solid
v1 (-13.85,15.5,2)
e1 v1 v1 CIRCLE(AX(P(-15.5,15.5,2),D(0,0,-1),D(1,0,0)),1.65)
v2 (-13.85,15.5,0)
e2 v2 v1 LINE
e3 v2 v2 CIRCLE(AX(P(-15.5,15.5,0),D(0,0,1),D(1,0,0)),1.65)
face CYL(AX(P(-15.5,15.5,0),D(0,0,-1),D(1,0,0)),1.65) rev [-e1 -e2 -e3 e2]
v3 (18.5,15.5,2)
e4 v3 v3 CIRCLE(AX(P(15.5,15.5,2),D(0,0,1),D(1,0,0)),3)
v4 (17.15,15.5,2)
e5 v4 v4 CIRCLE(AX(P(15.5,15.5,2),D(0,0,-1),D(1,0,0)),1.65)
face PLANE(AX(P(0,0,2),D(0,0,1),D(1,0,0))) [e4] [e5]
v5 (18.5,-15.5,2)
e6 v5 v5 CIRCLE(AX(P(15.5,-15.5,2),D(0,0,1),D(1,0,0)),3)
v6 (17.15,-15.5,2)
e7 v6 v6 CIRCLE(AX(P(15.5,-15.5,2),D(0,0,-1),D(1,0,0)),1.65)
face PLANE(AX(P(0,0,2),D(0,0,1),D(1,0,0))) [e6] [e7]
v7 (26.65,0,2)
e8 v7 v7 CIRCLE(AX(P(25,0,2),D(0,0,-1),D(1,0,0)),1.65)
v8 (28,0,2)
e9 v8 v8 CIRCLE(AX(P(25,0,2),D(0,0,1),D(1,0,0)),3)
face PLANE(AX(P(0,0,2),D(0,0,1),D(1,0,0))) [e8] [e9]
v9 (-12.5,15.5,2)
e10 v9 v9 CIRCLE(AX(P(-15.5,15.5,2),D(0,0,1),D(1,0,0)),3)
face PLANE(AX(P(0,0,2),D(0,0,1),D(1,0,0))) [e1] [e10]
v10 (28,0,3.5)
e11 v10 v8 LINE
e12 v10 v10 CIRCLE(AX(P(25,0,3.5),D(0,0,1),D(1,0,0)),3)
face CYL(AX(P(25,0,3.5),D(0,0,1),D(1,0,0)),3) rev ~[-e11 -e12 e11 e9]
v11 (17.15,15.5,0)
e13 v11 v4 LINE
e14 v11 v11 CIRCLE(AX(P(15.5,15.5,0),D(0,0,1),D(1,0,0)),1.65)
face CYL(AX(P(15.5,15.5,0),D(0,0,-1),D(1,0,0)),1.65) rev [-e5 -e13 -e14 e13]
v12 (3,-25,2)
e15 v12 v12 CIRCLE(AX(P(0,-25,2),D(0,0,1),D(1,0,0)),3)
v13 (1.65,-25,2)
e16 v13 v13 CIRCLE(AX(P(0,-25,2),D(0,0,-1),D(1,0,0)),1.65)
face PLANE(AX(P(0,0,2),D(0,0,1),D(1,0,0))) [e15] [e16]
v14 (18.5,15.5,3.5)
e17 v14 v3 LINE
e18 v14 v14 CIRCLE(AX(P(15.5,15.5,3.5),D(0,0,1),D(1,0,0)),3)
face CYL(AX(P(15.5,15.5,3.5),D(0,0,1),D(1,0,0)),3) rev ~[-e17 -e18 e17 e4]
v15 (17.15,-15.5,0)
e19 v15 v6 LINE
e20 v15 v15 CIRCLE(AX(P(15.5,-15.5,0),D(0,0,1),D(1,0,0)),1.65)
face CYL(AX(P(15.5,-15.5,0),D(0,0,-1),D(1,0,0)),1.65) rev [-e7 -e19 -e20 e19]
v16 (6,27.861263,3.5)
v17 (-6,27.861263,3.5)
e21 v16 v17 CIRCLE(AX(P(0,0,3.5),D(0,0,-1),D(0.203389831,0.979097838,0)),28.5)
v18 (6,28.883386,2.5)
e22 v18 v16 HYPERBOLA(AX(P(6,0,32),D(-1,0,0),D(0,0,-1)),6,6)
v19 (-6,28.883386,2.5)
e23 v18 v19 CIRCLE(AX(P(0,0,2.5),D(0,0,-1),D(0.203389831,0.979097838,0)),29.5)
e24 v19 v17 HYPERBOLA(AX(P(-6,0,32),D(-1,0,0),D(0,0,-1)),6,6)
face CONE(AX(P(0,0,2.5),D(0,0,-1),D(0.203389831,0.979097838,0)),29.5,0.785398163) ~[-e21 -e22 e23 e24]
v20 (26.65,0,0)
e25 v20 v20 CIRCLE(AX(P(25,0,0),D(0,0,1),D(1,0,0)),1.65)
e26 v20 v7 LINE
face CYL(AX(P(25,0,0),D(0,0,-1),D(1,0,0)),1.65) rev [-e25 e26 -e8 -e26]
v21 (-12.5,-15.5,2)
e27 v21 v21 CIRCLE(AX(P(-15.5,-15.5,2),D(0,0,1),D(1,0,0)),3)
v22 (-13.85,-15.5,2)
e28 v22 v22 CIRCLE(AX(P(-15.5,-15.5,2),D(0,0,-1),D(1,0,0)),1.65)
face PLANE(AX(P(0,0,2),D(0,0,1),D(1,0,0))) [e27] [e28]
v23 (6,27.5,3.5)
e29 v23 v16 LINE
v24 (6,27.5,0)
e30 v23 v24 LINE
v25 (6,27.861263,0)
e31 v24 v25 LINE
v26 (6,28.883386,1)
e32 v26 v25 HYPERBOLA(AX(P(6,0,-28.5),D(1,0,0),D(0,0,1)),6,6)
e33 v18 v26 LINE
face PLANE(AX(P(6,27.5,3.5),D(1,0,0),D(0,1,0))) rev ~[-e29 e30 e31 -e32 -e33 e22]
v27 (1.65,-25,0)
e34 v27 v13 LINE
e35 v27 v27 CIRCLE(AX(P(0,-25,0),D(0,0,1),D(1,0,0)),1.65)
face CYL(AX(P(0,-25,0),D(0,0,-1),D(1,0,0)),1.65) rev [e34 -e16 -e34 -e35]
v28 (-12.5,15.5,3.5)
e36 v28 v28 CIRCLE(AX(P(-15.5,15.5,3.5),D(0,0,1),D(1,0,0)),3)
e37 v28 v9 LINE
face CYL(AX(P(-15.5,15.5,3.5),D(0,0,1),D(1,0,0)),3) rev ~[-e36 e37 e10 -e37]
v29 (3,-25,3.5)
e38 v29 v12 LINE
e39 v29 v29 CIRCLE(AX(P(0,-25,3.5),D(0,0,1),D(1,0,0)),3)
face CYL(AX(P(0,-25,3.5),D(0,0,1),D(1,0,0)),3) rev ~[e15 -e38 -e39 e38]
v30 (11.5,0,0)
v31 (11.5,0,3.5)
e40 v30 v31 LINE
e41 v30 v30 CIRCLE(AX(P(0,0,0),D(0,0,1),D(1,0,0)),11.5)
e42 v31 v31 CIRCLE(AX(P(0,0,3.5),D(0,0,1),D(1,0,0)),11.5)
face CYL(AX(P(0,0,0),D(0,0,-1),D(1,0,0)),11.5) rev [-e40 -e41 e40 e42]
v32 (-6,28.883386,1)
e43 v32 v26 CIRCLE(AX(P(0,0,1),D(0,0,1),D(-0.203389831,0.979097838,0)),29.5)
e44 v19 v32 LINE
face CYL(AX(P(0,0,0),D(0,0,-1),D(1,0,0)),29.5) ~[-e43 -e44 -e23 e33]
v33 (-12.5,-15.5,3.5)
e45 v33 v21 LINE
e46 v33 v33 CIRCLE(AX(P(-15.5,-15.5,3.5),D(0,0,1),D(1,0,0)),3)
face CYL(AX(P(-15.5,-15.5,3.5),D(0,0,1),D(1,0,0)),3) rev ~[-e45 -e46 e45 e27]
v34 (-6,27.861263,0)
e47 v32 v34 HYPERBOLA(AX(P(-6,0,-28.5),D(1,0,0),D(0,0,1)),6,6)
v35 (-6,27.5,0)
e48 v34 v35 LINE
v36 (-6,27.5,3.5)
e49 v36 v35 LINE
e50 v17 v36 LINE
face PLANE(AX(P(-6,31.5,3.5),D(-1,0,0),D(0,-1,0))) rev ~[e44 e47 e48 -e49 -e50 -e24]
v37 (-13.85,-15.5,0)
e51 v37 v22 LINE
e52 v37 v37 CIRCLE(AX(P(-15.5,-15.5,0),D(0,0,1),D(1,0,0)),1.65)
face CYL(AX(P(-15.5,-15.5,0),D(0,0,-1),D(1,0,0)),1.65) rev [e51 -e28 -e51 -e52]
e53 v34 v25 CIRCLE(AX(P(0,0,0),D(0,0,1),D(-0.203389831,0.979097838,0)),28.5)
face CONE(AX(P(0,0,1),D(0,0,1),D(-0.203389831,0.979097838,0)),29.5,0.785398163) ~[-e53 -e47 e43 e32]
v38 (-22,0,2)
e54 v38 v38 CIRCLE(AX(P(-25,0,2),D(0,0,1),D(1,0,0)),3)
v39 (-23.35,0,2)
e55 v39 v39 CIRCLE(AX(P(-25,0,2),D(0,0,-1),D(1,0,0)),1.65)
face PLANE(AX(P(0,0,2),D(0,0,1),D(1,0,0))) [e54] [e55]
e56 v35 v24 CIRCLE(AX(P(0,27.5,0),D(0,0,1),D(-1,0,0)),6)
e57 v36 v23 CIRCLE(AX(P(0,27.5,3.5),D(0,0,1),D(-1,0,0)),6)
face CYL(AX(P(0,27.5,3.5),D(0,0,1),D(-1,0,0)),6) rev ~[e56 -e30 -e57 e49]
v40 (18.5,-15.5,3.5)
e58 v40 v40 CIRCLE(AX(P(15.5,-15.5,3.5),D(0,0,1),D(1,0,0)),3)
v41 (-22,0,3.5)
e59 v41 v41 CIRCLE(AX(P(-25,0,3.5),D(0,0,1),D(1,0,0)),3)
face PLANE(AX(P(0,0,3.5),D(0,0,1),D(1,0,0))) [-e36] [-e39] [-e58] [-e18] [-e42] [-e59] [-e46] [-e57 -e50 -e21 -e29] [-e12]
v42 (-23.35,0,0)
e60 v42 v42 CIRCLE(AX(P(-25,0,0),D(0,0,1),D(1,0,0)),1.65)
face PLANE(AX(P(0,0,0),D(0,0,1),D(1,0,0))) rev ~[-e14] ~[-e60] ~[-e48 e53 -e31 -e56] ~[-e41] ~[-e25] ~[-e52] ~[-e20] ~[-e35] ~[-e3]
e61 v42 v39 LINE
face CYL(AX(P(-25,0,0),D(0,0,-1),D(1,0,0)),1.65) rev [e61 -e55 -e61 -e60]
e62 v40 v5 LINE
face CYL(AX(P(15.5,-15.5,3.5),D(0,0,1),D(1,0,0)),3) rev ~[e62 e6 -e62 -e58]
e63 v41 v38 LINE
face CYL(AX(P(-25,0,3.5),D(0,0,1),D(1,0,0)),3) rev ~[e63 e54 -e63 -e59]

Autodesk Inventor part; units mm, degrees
ref_plane "YZ Plane" through (0, 0, 0) normal (1, 0, 0) x (0, 1, 0)
ref_plane "XZ Plane" through (0, 0, 0) normal (0, 1, 0) x (-1, 0, 0)
ref_plane "XY Plane" through (0, 0, 0) normal (0, 0, 1) x (1, 0, 0)
sketch "Sketch1" plane through (0, 0, 0) normal (0, 0, 1) x (1, 0, 0)
  circle A0 centre (0, 0) radius 29.5
  line L0 (-15.5, -15.5) -> (15.5, -15.5) construction
  line L1 (15.5, -15.5) -> (15.5, 15.5) construction
  line L2 (15.5, 15.5) -> (-15.5, 15.5) construction
  line L3 (-15.5, 15.5) -> (-15.5, -15.5) construction
  line L4 (-15.5, -15.5) -> (15.5, 15.5) construction
  line L5 (15.5, -15.5) -> (-15.5, 15.5) construction
  circle A1 centre (-15.5, 15.5) radius 1.65
  circle A2 centre (15.5, 15.5) radius 1.65
  circle A3 centre (15.5, -15.5) radius 1.65
  circle A4 centre (-15.5, -15.5) radius 1.65
  circle A5 centre (0, 0) radius 11.5
  line L6 (0, 0) -> (25, 0) construction
  circle A6 centre (0, 0) radius 25 construction
  circle A7 centre (25, 0) radius 1.65
  circle A8 centre (-25, 0) radius 1.65
  circle A9 centre (0, -25) radius 1.65
  line L7 (-25, 0) -> (0, 0) construction
  line L8 (0, 0) -> (0, -25) construction
  dimension "d0" = 59
  dimension "d1" = 3.3
  dimension "d2" = 23
  dimension "d3" = 31
  dimension "d4" = 50
  dimension "d5" = 3.3
extrude "Extrusion1" add sketch "Sketch1" along normal blind 3.5
sketch "Sketch2" plane through (0, 0, 3.5) normal (0, 0, 1) x (1, 0, 0)
  circle A0 centre (0, -25) radius 1.65 projected
  circle A1 centre (0, -25) radius 3
  circle A2 centre (25, 0) radius 1.65 projected
  circle A3 centre (25, 0) radius 3
  circle A4 centre (-25, 0) radius 1.65 projected
  circle A5 centre (-25, 0) radius 3
  circle A6 centre (-15.5, -15.5) radius 1.65 projected
  circle A7 centre (-15.5, -15.5) radius 3
  circle A8 centre (15.5, -15.5) radius 1.65 projected
  circle A9 centre (15.5, -15.5) radius 3
  circle A10 centre (15.5, 15.5) radius 1.65 projected
  circle A11 centre (15.5, 15.5) radius 3
  circle A12 centre (-15.5, 15.5) radius 1.65 projected
  circle A13 centre (-15.5, 15.5) radius 3
  point P0 (0, 0)
  dimension "d8" = 6
extrude "Extrusion2" cut sketch "Sketch2" against normal blind 1.5 contours A0 | A1 | A2 | A3 | A4 | A5 | A6 | A7 | A8 | A9 | A10 | A11 | A12 | A13
sketch "Sketch3" plane through (0, 0, 3.5) normal (0, 0, 1) x (1, 0, 0)
  line L0 (0, 31.5) -> (0, 27.5) construction
  circle A0 centre (0, 0) radius 29.5 construction
  line L1 (-6, 31.5) -> (-6, 27.5)
  line L2 (6, 27.5) -> (6, 31.5)
  arc A1 (6, 31.5) -> (-6, 31.5) centre (0, 31.5) ccw
  arc A2 (-6, 27.5) -> (6, 27.5) centre (0, 27.5) ccw
  point P0 (0, 29.5)
  dimension "d14" = 2
  dimension "d15" = 6
extrude "Extrusion3" cut sketch "Sketch3" against normal through all
chamfer "Chamfer1" distance 1 angle 45 2 edges at (0, -29.5, 3.5) (0, -29.5, 0)
properties part number "WristMotorPlate"
